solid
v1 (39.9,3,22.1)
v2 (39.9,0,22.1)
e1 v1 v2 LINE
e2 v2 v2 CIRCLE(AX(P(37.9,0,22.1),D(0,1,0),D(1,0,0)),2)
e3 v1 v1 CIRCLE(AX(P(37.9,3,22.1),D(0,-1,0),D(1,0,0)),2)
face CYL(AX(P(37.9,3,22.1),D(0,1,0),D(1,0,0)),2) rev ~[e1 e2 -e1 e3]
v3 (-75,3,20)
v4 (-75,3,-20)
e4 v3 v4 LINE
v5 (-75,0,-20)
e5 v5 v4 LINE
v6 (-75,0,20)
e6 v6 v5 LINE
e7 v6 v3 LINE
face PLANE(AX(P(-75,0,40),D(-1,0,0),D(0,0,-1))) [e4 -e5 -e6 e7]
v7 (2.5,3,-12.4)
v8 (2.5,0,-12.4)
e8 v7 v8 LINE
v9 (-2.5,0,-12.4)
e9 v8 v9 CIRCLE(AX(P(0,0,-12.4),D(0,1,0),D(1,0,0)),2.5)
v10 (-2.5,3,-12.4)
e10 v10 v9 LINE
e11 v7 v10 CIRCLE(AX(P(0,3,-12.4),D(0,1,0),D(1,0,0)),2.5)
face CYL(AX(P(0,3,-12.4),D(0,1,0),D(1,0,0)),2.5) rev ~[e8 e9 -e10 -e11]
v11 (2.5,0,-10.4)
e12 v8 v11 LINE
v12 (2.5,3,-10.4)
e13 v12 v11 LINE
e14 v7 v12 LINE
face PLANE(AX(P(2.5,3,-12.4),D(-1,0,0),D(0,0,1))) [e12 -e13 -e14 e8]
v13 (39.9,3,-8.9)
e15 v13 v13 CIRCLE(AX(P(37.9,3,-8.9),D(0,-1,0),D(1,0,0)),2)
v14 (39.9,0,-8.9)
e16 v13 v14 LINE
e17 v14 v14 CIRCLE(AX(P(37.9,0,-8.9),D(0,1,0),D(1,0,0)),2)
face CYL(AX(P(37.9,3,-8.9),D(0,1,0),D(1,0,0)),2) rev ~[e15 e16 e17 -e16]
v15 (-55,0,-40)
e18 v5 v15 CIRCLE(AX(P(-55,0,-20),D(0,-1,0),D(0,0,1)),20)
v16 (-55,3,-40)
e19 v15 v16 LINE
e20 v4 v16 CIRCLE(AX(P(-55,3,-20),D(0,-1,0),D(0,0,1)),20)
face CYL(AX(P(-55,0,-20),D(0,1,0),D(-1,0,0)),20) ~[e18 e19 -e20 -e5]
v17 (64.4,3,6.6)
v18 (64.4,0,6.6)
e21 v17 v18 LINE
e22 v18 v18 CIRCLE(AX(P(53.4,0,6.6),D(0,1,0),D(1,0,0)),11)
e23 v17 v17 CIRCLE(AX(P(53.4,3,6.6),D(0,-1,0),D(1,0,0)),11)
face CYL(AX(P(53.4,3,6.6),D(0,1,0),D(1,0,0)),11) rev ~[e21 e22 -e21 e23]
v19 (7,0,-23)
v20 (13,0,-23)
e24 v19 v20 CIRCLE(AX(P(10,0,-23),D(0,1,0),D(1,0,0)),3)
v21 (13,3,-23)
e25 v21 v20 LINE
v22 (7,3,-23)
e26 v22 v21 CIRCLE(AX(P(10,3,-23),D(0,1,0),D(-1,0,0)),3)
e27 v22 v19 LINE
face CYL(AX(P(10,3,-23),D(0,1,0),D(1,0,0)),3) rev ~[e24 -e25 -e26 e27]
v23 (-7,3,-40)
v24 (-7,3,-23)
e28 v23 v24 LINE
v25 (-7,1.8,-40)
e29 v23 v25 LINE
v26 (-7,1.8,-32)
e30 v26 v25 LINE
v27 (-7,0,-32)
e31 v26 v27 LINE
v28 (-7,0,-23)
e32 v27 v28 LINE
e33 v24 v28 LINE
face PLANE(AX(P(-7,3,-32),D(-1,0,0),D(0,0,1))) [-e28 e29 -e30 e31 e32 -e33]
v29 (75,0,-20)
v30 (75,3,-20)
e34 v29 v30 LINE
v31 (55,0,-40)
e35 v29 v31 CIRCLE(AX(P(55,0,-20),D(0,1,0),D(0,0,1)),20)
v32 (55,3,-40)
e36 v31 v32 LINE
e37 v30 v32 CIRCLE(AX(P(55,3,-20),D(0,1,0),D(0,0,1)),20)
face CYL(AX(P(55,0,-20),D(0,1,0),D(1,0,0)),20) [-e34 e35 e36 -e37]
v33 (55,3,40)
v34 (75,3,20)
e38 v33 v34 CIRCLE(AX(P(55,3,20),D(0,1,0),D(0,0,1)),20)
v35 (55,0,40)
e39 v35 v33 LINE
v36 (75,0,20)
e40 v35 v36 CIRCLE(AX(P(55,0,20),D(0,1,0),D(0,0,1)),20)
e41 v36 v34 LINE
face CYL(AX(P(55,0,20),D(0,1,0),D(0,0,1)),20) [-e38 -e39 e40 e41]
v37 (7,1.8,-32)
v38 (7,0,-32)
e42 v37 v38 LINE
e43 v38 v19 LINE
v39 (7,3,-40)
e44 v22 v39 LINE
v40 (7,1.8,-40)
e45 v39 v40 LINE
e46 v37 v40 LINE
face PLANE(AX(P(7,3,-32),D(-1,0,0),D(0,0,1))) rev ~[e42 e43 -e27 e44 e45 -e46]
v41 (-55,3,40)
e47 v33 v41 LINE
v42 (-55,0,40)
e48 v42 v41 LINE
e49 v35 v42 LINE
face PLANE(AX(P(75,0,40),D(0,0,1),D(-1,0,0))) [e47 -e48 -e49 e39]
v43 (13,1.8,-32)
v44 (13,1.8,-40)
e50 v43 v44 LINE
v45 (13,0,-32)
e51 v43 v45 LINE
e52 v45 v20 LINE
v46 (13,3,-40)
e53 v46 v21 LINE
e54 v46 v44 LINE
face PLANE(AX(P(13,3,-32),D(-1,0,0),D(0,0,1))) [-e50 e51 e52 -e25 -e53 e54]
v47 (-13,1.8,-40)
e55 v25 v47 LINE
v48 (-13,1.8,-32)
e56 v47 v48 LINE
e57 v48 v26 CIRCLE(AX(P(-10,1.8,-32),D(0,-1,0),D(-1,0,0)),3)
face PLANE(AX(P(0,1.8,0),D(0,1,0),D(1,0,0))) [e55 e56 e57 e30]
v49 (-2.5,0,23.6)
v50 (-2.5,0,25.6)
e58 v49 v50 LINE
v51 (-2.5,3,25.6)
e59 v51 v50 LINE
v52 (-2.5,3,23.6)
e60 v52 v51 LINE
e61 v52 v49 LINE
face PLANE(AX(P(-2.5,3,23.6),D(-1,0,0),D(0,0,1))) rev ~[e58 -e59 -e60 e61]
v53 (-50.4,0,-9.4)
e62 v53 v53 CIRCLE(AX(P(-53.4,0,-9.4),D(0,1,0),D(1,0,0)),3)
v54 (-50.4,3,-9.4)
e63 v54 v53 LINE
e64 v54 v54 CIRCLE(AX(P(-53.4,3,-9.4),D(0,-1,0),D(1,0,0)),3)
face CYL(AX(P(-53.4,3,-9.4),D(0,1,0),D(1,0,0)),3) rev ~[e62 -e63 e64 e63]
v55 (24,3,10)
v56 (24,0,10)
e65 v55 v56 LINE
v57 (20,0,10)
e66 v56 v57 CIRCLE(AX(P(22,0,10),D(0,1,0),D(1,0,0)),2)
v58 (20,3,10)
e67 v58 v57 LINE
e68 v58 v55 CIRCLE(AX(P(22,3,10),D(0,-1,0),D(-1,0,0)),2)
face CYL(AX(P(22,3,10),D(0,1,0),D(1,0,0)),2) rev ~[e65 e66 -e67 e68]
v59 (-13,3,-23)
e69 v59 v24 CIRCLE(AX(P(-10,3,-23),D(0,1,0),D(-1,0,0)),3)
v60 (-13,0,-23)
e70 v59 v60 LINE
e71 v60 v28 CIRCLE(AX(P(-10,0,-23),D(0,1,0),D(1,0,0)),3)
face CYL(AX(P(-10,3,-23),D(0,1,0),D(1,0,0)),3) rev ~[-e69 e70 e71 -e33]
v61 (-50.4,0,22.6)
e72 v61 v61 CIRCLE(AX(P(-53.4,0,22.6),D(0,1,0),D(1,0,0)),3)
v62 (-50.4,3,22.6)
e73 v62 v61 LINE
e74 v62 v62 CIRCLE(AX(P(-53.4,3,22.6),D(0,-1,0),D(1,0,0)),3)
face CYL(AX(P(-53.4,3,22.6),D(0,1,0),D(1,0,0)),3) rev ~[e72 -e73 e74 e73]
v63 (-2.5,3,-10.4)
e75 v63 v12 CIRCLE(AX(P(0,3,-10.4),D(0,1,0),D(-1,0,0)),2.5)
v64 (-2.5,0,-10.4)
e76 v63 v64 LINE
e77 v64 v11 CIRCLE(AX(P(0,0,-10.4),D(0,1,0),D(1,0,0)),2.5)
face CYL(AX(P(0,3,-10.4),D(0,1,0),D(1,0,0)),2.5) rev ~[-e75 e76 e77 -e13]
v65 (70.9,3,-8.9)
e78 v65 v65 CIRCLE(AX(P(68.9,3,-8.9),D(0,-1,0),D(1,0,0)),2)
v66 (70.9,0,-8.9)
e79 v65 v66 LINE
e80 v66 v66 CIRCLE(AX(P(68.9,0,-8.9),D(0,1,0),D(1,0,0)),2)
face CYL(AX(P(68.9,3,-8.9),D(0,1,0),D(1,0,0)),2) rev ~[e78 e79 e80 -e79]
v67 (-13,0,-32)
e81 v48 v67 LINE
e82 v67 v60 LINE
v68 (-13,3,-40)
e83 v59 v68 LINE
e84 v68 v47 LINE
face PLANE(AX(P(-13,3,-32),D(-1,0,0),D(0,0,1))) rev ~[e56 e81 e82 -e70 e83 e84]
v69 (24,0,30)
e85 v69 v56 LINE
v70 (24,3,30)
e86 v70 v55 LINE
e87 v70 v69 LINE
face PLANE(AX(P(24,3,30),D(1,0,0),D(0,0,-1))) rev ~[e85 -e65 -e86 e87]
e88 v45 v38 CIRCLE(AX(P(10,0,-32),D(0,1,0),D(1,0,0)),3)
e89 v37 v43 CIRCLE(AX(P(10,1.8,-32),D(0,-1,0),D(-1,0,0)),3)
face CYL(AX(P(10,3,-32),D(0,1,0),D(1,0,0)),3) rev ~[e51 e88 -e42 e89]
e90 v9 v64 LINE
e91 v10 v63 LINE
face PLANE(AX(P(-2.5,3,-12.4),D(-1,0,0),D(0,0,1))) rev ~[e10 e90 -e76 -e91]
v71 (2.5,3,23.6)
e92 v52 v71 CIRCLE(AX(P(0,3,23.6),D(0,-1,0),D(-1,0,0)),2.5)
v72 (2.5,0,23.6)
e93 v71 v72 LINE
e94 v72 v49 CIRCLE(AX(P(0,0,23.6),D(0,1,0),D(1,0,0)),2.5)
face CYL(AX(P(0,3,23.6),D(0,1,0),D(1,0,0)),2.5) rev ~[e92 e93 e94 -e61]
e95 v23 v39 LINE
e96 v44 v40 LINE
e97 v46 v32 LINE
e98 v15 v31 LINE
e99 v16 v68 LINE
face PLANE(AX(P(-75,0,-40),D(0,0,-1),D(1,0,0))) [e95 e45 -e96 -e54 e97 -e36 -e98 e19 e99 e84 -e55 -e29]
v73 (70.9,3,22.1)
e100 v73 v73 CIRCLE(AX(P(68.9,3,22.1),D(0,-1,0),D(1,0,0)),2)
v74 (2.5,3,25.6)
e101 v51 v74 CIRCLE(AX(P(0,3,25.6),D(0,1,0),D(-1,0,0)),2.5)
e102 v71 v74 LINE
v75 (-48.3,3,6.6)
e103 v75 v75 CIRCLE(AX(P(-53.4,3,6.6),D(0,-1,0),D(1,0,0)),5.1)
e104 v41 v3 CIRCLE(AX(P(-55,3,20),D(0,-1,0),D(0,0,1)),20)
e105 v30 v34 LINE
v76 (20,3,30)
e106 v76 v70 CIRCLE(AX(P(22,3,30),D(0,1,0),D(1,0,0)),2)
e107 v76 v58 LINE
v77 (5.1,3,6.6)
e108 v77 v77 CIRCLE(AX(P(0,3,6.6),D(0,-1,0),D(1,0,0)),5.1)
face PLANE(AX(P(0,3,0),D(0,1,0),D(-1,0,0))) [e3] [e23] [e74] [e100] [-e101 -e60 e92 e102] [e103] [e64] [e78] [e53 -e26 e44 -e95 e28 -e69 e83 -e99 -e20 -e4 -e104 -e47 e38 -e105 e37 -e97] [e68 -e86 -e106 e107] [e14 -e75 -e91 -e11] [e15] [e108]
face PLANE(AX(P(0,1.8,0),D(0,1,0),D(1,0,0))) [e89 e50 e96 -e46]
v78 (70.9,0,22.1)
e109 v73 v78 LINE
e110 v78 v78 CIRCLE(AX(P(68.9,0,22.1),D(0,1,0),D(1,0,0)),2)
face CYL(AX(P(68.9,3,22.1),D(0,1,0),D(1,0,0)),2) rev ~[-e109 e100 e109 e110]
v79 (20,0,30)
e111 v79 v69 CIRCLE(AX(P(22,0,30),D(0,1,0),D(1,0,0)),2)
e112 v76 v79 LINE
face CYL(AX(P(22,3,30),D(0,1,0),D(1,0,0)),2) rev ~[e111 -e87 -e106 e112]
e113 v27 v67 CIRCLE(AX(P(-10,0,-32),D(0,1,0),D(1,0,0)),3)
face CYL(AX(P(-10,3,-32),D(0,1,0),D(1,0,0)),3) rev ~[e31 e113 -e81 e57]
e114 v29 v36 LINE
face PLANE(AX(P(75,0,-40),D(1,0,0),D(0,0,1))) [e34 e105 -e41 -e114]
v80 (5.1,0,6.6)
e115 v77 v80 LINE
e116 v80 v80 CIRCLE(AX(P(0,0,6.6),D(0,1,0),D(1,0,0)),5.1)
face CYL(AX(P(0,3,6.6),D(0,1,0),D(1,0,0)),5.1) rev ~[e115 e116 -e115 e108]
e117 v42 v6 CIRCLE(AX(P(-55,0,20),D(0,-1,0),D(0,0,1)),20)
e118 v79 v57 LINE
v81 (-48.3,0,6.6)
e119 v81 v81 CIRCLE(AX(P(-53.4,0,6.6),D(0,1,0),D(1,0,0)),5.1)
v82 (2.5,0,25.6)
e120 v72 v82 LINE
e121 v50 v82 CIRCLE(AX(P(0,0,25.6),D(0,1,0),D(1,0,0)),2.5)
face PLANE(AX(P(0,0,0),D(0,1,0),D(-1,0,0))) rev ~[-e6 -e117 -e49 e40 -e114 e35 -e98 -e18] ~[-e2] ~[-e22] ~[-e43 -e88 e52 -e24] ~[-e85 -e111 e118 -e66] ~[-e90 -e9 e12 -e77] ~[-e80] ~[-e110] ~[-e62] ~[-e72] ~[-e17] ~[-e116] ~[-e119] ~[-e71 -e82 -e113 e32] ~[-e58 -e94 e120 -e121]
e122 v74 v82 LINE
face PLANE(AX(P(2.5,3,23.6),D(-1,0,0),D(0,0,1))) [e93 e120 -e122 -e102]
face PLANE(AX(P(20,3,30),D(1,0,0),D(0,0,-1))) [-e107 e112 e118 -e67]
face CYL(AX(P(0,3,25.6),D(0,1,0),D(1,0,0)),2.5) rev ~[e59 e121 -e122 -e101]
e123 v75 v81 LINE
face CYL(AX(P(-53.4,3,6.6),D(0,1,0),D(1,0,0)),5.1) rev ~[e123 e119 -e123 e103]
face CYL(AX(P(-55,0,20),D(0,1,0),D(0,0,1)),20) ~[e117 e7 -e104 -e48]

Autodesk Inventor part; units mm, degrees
ref_plane "YZ Plane" through (0, 0, 0) normal (1, 0, 0) x (0, 1, 0)
ref_plane "XZ Plane" through (0, 0, 0) normal (0, 1, 0) x (-1, 0, 0)
ref_plane "XY Plane" through (0, 0, 0) normal (0, 0, 1) x (1, 0, 0)
sketch "Sketch1" plane through (0, 0, 0) normal (0, 1, 0) x (-1, 0, 0)
  line L0 (-75, 40) -> (75, 40)
  line L1 (75, 40) -> (75, -40)
  line L2 (75, -40) -> (-75, -40)
  line L3 (-75, -40) -> (-75, 40)
  line L4 (-75, 40) -> (75, -40) construction
  line L5 (75, 40) -> (-75, -40) construction
  point P0 (0, 0)
  dimension "d0" = 150
  dimension "d1" = 80
extrude "Extrusion1" add sketch "Sketch1" along normal blind 3
sketch "Sketch4" plane through (0, 3, 0) normal (0, 1, 0) x (1, 0, 0)
  line L0 (75, 40) -> (-75, 40) projected
  line L1 (-10, 40) -> (10, 40)
  line L2 (10, 40) -> (10, 20)
  line L3 (-10, 40) -> (-10, 20)
  line L4 (-10, 20) -> (10, 20)
  line L5 (-13, 40) -> (-7, 40)
  line L6 (7, 40) -> (13, 40)
  line L7 (-10, 40) -> (-10, 35)
  line L8 (10, 40) -> (10, 35)
  line L9 (-10, 35) -> (-10, 32)
  line L10 (10, 35) -> (10, 32)
  line L11 (-10, 20) -> (-10, 23)
  line L12 (10, 20) -> (10, 23)
  circle A0 centre (-10, 23) radius 3
  circle A1 centre (10, 23) radius 3
  circle A2 centre (-10, 32) radius 3
  circle A3 centre (10, 32) radius 3
  line L13 (-13, 32) -> (-13, 23)
  line L14 (-7, 32) -> (-7, 23)
  line L15 (7, 32) -> (7, 23)
  line L16 (13, 32) -> (13, 23)
  line L17 (-10, 20) -> (-7, 20)
  line L18 (-7, 20) -> (-7, 40)
  line L19 (-7, 40) -> (-10, 40)
  line L20 (-10, 40) -> (-10, 20)
  line L21 (-10, 40) -> (-13, 40)
  line L22 (-13, 40) -> (-13, 20)
  line L23 (-13, 20) -> (-10, 20)
  line L24 (-10, 20) -> (-10, 40)
  line L25 (10, 20) -> (7, 20)
  line L26 (7, 20) -> (7, 40)
  line L27 (7, 40) -> (10, 40)
  line L28 (10, 40) -> (10, 20)
  line L29 (10, 20) -> (13, 20)
  line L30 (13, 20) -> (13, 40)
  line L31 (13, 40) -> (10, 40)
  line L32 (10, 40) -> (10, 20)
  point P0 (0, 0)
  point P1 (0, 40)
  point P2 (7, 40)
  point P3 (7, 32)
  point P4 (-7, 40)
  point P5 (-13, 40)
  dimension "d14" = 20
  dimension "d15" = 20
  dimension "d16" = 6
  dimension "d17" = 6
  dimension "d18" = 5
  dimension "d19" = 5
  dimension "d20" = 3
  dimension "d21" = 3
  dimension "d22" = 3
  dimension "d23" = 3
extrude "Extrusion3" cut sketch "Sketch4" against normal through all contours A3 L2 | L16 A1 L2 A3 | L2 A3 | L2 A1 L15 A3 | A1 L2 | L2 A1 | A2 L3 | L14 A0 L3 A2 | L3 A2 | L3 A0 L13 A2 | A0 L3 | L3 A0
sketch "Sketch5" plane through (0, 3, 0) normal (0, 1, 0) x (1, 0, 0)
  line L0 (-75, 40) -> (-75, -40) projected
  line L1 (75, 40) -> (-75, 40)
  line L2 (-75, 40) -> (-75, 15)
  line L3 (-75, 15) -> (75, 15)
  line L4 (75, 15) -> (75, 40)
  line L5 (21.6, 15) -> (-21.6, 15)
  line L6 (75, 15) -> (31.8, 15)
  line L7 (31.8, 15) -> (31.8, -28.2)
  line L8 (31.8, -28.2) -> (75, -28.2)
  line L9 (75, -28.2) -> (75, 15)
  line L10 (31.8, 15) -> (75, -28.2)
  line L11 (75, 15) -> (31.8, -28.2)
  circle A0 centre (53.4, -6.6) radius 11
  line L12 (37.9, -22.1) -> (68.9, -22.1)
  line L13 (68.9, -22.1) -> (68.9, 8.9)
  line L14 (68.9, 8.9) -> (37.9, 8.9)
  line L15 (37.9, 8.9) -> (37.9, -22.1)
  line L16 (37.9, -22.1) -> (68.9, 8.9) construction
  line L17 (68.9, -22.1) -> (37.9, 8.9) construction
  circle A1 centre (37.9, 8.9) radius 2
  circle A2 centre (68.9, 8.9) radius 2
  circle A3 centre (68.9, -22.1) radius 2
  circle A4 centre (37.9, -22.1) radius 2
  point P0 (309.988, -32.2194)
  dimension "d26" = 25
  dimension "d49" = 150
  dimension "d50" = 43.2
  dimension "d51" = 43.2
  dimension "d52" = 22
  dimension "d53" = 31
  dimension "d54" = 31
  dimension "d55" = 4
  dimension "d56" = 4
  dimension "d57" = 4
  dimension "d58" = 4
extrude "Extrusion4" cut sketch "Sketch5" against normal through all contours A2 L13 L11 | L11 L14 A2 | A1 L14 L10 | L10 L15 A1 | A3 L12 L10 | L10 L13 A3 | L13 A2 L11 | L11 A2 L14 | A4 L15 L11 | L11 L12 A4 | L14 A1 L10 | L10 A1 L15 | L12 A3 L10 | L10 A3 L13 | L15 A4 L11 | L11 A4 L12 | A0 L10 L11 | L11 L10 A0 | L10 L11 A0 | A0 L11 L10
extrude "Extrusion5" cut sketch "Sketch4" against normal blind 1.2 contours L30 A3 L2 L0 | L2 A3 L26 L0 | L18 A2 L3 L0 | L3 A2 L22 L0
sketch "Sketch6" plane through (0, 3, 0) normal (0, 1, 0) x (1, 0, 0)
  line L0 (75, 40) -> (-75, 40) projected
  line L1 (0, 40) -> (0, 15)
  line L2 (0, 15) -> (0, -28.2)
  line L3 (-21.6, 15) -> (21.6, 15)
  line L4 (21.6, 15) -> (21.6, -28.2)
  line L5 (21.6, -28.2) -> (-21.6, -28.2)
  line L6 (-21.6, -28.2) -> (-21.6, 15)
  line L7 (-21.6, 15) -> (21.6, -28.2) construction
  line L8 (21.6, 15) -> (-21.6, -28.2) construction
  circle A0 centre (0, -6.6) radius 5.1
  line L9 (0, 15) -> (75, 15)
  line L10 (75, 15) -> (31.8, 15)
  line L11 (31.8, 15) -> (31.8, -6.6)
  line L12 (31.8, -6.6) -> (53.4, -6.6)
  line L13 (53.4, -6.6) -> (0, -6.6)
  line L14 (0, -6.6) -> (-53.4, -6.6)
  circle A1 centre (-53.4, -6.6) radius 5.1
  line L15 (0, -25.6) -> (0, 12.4)
  circle A2 centre (0, 12.4) radius 2.5
  line L16 (0, 12.4) -> (0, 10.4)
  circle A3 centre (0, 10.4) radius 2.5
  circle A4 centre (0, -25.6) radius 2.5
  line L17 (0, -25.6) -> (0, -23.6)
  circle A5 centre (0, -23.6) radius 2.5
  line L18 (-2.5, -23.6) -> (-2.5, -25.6)
  line L19 (2.5, -23.6) -> (2.5, -25.6)
  line L20 (-2.5, 12.4) -> (-2.5, 10.4)
  line L21 (2.5, 12.4) -> (2.5, 10.4)
  line L22 (-53.4, 9.4) -> (-53.4, -22.6)
  circle A6 centre (-53.4, -22.6) radius 3
  circle A7 centre (-53.4, 9.4) radius 3
  point P0 (0, 0)
  dimension "d59" = 25
  dimension "d60" = 43.2
  dimension "d61" = 43.2
  dimension "d62" = 43.2
  dimension "d63" = 10.2
  dimension "d64" = 43.2
  dimension "d65" = 53.4
  dimension "d66" = 10.2
  dimension "d69" = 38
  dimension "d70" = 5
  dimension "d71" = 2
  dimension "d72" = 5
  dimension "d73" = 5
  dimension "d74" = 2
  dimension "d75" = 5
  dimension "d84" = 32
  dimension "d85" = 6
  dimension "d86" = 6
extrude "Extrusion6" cut sketch "Sketch6" against normal through all contours L2 A3 A2 | L2 A2 A3 | A3 A2 L2 | L2 A2 A3 | A2 A3 L2 | L2 A3 A2 | A2 L21 A3 | A3 L20 A2 | A6 | A7 | A1 L22 L14 | L14 L22 A1 | A0 L13 L2 | L2 L14 A0 | L13 A0 L2 | L2 A0 L14 | A5 A4 L2 | L2 A4 A5 | L22 A1 | A4 A5 L2 | L2 A5 A4 | L19 A4 A5 | A5 A4 L18 | A4 A5 L2 | L2 A5 A4
fillet "Fillet1" radius 20 4 edges at (75, 1.5, 40) (75, 1.5, -40) (-75, 1.5, 40) (-75, 1.5, -40)
sketch "Sketch7" plane through (0, 3, 0) normal (0, 1, 0) x (1, 0, 0)
  line L0 (0, 0) -> (22, 0)
  line L1 (22, 0) -> (22, -30)
  circle A0 centre (22, -30) radius 2
  line L2 (20, -30) -> (24, -30)
  line L3 (20, -30) -> (20, 0)
  line L4 (24, -30) -> (24, 0)
  line L5 (22, -30) -> (22, -10)
  circle A1 centre (22, -10) radius 2
  point P0 (24, -10)
  point P1 (20, -10)
  dimension "d90" = 4
  dimension "d88" = 22
  dimension "d89" = 30
  dimension "d91" = 20
extrude "Extrusion7" cut sketch "Sketch7" against normal through all contours A1 L1 A0 L3 | A1 L1 | A1 L1 | L2 A0 | A0 L1 L2 | A1 L4 A0 L1 | L2 L1 A0
properties part number "TopMount"
